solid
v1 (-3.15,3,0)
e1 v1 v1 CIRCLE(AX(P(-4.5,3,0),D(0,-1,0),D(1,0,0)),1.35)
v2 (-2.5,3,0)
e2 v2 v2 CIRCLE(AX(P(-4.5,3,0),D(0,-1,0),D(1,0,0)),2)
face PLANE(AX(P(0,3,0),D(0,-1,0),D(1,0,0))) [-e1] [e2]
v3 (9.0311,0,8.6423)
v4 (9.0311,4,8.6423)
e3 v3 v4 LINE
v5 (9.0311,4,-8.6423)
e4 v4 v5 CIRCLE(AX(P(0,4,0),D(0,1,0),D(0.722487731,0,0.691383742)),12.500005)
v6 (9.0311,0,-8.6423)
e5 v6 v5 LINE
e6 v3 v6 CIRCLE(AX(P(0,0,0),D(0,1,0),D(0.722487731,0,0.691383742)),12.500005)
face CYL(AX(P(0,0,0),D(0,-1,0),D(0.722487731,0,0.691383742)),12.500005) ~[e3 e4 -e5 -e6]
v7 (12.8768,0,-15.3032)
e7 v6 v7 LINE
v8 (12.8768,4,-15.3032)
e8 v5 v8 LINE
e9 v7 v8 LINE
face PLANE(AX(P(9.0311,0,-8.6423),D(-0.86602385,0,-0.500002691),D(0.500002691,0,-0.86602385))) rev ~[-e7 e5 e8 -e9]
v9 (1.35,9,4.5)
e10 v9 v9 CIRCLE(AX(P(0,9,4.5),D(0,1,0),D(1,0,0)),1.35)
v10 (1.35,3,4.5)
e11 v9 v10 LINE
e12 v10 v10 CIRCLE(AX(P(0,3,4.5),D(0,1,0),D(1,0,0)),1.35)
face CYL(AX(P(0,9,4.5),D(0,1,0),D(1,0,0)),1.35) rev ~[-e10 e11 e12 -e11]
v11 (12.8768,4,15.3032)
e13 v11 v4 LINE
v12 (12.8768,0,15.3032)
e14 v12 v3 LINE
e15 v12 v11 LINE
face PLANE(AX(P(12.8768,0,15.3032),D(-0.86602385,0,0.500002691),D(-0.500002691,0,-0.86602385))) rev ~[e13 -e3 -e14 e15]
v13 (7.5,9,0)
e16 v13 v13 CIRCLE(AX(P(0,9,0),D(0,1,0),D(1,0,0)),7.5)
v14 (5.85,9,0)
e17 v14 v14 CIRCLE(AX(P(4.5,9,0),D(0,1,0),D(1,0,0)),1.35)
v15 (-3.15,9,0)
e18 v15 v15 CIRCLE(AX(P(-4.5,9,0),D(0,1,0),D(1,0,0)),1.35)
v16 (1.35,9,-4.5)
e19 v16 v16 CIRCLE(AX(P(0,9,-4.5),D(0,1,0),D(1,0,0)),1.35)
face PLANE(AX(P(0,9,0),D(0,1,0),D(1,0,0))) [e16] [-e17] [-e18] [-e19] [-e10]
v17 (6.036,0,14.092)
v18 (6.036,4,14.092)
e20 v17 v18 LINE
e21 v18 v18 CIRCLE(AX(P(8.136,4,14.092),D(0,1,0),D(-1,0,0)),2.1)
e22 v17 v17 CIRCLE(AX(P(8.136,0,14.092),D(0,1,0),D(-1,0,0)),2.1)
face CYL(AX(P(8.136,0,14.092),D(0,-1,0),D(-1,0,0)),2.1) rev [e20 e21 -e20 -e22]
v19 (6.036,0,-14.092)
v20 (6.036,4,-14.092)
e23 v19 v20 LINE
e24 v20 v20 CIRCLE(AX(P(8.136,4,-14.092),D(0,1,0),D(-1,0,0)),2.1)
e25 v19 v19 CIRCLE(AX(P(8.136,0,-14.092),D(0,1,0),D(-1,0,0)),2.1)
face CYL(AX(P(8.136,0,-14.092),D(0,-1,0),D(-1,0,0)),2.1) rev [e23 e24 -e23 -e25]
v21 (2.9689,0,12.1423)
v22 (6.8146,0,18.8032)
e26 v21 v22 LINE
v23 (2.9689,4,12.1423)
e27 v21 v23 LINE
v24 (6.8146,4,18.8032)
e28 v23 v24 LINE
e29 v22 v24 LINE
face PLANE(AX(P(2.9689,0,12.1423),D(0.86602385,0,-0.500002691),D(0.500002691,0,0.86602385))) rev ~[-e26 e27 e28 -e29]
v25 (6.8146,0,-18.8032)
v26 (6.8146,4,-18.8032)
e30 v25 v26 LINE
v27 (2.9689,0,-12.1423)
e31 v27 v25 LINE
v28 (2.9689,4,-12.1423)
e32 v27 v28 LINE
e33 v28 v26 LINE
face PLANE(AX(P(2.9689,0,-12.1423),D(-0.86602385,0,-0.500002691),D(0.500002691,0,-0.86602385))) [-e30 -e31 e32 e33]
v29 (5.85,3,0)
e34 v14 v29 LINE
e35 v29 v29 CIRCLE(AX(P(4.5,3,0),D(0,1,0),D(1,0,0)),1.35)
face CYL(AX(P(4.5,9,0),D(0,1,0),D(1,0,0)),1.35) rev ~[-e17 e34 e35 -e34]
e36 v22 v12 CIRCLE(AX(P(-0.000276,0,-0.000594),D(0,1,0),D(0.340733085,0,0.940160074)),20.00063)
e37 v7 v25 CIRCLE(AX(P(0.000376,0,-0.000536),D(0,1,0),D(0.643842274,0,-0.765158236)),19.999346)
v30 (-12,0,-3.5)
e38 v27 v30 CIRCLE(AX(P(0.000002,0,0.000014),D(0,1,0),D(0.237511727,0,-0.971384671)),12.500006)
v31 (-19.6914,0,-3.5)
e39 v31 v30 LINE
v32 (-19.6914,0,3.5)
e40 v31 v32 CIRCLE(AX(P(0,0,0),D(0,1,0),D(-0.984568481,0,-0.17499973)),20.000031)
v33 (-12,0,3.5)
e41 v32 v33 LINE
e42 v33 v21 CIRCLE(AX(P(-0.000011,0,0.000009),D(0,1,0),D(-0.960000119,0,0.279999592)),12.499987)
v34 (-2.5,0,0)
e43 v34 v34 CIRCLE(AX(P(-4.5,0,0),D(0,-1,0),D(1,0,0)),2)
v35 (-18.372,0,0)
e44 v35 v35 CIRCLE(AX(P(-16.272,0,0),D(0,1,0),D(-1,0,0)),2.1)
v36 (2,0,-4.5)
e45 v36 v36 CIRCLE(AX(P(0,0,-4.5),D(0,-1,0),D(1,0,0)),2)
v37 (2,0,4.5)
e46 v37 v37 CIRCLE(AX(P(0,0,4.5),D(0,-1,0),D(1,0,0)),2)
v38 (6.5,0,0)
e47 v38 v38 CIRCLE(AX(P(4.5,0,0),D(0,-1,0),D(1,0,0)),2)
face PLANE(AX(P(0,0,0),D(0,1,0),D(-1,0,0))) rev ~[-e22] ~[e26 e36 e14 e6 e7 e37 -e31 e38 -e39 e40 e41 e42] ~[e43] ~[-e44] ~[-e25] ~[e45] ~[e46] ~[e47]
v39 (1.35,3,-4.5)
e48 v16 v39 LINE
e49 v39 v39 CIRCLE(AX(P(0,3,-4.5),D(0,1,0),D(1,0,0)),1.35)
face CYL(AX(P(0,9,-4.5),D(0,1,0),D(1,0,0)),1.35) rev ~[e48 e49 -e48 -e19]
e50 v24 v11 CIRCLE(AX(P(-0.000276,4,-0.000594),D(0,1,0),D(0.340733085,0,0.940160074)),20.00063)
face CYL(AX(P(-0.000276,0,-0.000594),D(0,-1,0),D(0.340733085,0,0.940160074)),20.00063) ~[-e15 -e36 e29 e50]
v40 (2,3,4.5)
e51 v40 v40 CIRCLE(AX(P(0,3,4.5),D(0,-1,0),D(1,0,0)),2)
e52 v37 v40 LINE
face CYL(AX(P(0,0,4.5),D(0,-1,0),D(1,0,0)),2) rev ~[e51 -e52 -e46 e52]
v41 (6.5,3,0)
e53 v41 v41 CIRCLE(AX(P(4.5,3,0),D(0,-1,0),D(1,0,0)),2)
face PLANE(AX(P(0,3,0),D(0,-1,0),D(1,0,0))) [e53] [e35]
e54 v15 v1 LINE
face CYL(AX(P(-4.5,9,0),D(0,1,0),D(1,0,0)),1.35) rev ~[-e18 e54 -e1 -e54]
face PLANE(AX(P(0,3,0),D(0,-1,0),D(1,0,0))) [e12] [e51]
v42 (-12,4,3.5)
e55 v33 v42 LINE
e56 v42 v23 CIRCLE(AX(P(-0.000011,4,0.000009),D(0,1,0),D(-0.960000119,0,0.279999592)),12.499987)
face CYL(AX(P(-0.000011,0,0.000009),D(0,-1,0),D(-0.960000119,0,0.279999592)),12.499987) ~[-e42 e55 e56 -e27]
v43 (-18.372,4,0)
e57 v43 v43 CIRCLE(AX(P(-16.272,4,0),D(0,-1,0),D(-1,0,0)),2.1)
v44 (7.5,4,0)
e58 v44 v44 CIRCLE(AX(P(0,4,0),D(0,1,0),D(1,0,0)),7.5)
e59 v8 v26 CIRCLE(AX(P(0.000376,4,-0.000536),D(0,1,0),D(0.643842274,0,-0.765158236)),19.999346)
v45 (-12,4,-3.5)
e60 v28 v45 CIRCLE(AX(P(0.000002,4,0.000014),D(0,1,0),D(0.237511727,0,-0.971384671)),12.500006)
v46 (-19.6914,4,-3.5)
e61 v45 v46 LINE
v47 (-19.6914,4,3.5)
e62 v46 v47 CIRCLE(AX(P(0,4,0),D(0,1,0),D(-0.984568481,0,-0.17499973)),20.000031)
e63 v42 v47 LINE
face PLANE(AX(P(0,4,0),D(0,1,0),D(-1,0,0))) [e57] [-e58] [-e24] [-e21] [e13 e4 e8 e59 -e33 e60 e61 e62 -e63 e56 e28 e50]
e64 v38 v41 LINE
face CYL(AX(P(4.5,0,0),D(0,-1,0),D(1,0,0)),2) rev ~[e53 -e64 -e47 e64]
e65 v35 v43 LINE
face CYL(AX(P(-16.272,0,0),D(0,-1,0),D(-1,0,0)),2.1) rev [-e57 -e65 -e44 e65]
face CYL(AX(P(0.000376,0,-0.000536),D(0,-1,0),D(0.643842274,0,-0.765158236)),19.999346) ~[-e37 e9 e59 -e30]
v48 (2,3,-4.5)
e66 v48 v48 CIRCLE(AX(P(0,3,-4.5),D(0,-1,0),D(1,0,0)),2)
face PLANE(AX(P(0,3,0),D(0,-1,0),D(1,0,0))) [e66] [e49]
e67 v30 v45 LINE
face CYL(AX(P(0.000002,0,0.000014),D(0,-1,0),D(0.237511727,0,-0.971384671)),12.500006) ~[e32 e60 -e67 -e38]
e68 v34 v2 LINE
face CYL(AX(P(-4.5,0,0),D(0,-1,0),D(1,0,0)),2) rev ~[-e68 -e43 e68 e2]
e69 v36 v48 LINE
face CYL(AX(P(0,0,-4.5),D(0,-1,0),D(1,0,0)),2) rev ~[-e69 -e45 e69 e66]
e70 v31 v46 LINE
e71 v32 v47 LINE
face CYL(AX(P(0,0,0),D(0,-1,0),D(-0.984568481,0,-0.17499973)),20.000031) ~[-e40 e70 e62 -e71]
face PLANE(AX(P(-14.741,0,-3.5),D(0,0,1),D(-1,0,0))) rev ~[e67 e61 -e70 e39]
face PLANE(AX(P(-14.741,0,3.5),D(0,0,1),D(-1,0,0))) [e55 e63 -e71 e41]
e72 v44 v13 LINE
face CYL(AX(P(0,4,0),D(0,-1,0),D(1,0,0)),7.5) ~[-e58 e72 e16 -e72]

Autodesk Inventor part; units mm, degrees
ref_plane "YZ Plane" through (0, 0, 0) normal (1, 0, 0) x (0, 1, 0)
ref_plane "XZ Plane" through (0, 0, 0) normal (0, 1, 0) x (-1, 0, 0)
ref_plane "XY Plane" through (0, 0, 0) normal (0, 0, 1) x (1, 0, 0)
sketch "Sketch1" plane through (0, 0, 0) normal (0, 1, 0) x (-1, 0, 0)
  circle A0 centre (16.272, 0) radius 2.1
  line L0 (14.741, 3.5) -> (19.6914, 3.5)
  line L1 (14.741, -3.5) -> (19.6914, -3.5)
  line L2 (14.741, 3.5) -> (12, 3.5)
  line L3 (14.741, -3.5) -> (12, -3.5)
  line L4 (-2.9689, 12.1423) -> (-6.8146, 18.8032)
  line L5 (-12.8768, 15.3032) -> (-9.0311, 8.6423)
  line L6 (12, -3.5) -> (19.6914, -3.5)
  line L7 (12, 3.5) -> (19.6914, 3.5)
  line L8 (-2.9689, -12.1423) -> (-6.8146, -18.8032)
  line L9 (-9.0311, -8.6423) -> (-12.8768, -15.3032)
  arc A1 (-6.8146, 18.8032) -> (-12.8768, 15.3032) centre (0, 0) ccw
  arc A2 (-12.8768, -15.3032) -> (-6.8146, -18.8032) centre (0, 0) ccw
  arc A3 (19.6914, -3.5) -> (19.6914, 3.5) centre (0, 0) ccw
  arc A4 (-9.0311, 8.6423) -> (-9.0311, -8.6423) centre (0, 0) ccw
  arc A5 (-2.9689, -12.1423) -> (12, -3.5) centre (0, 0) ccw
  arc A6 (12, 3.5) -> (-2.9689, 12.1423) centre (0, 0) ccw
  line L10 (0, 0) -> (16.272, 0)
  circle A7 centre (-8.136, 14.092) radius 2.1
  circle A8 centre (-8.136, -14.092) radius 2.1
  dimension "d6" = 4.2
  dimension "d20" = 16.272
  dimension "d23" = 360
extrude "Extrusion1" add sketch "Sketch1" along normal blind 4
sketch "Sketch2" plane through (0, 4, 0) normal (0, 1, 0) x (1, 0, 0)
  circle A0 centre (0, 0) radius 7.5
extrude "Extrusion2" add sketch "Sketch2" along normal blind 5
sketch "Sketch3" plane through (0, 9, 0) normal (0, 1, 0) x (1, 0, 0)
  circle A0 centre (-4.5, 0) radius 1.35
  circle A1 centre (0, -4.5) radius 1.35
  circle A2 centre (4.5, 0) radius 1.35
  circle A3 centre (0, 4.5) radius 1.35
  point P0 (0, 0)
  point P1 (0, 0)
  dimension "d26" = 2.7
  dimension "d30" = 360
extrude "Extrusion3" cut sketch "Sketch3" against normal through all
sketch "Sketch4" plane through (0, 0, 0) normal (0, -1, 0) x (1, 0, 0)
  circle A0 centre (-4.5, 0) radius 1.35 projected
  circle A1 centre (-4.5, 0) radius 2
  circle A2 centre (0, -4.5) radius 2
  circle A3 centre (4.5, 0) radius 2
  circle A4 centre (0, 4.5) radius 2
  point P0 (0, 0)
  point P1 (0, 0)
  dimension "d34" = 4
  dimension "d37" = 360
extrude "Extrusion4" cut sketch "Sketch4" against normal blind 3
properties part number "Planet_Gear_Output"
